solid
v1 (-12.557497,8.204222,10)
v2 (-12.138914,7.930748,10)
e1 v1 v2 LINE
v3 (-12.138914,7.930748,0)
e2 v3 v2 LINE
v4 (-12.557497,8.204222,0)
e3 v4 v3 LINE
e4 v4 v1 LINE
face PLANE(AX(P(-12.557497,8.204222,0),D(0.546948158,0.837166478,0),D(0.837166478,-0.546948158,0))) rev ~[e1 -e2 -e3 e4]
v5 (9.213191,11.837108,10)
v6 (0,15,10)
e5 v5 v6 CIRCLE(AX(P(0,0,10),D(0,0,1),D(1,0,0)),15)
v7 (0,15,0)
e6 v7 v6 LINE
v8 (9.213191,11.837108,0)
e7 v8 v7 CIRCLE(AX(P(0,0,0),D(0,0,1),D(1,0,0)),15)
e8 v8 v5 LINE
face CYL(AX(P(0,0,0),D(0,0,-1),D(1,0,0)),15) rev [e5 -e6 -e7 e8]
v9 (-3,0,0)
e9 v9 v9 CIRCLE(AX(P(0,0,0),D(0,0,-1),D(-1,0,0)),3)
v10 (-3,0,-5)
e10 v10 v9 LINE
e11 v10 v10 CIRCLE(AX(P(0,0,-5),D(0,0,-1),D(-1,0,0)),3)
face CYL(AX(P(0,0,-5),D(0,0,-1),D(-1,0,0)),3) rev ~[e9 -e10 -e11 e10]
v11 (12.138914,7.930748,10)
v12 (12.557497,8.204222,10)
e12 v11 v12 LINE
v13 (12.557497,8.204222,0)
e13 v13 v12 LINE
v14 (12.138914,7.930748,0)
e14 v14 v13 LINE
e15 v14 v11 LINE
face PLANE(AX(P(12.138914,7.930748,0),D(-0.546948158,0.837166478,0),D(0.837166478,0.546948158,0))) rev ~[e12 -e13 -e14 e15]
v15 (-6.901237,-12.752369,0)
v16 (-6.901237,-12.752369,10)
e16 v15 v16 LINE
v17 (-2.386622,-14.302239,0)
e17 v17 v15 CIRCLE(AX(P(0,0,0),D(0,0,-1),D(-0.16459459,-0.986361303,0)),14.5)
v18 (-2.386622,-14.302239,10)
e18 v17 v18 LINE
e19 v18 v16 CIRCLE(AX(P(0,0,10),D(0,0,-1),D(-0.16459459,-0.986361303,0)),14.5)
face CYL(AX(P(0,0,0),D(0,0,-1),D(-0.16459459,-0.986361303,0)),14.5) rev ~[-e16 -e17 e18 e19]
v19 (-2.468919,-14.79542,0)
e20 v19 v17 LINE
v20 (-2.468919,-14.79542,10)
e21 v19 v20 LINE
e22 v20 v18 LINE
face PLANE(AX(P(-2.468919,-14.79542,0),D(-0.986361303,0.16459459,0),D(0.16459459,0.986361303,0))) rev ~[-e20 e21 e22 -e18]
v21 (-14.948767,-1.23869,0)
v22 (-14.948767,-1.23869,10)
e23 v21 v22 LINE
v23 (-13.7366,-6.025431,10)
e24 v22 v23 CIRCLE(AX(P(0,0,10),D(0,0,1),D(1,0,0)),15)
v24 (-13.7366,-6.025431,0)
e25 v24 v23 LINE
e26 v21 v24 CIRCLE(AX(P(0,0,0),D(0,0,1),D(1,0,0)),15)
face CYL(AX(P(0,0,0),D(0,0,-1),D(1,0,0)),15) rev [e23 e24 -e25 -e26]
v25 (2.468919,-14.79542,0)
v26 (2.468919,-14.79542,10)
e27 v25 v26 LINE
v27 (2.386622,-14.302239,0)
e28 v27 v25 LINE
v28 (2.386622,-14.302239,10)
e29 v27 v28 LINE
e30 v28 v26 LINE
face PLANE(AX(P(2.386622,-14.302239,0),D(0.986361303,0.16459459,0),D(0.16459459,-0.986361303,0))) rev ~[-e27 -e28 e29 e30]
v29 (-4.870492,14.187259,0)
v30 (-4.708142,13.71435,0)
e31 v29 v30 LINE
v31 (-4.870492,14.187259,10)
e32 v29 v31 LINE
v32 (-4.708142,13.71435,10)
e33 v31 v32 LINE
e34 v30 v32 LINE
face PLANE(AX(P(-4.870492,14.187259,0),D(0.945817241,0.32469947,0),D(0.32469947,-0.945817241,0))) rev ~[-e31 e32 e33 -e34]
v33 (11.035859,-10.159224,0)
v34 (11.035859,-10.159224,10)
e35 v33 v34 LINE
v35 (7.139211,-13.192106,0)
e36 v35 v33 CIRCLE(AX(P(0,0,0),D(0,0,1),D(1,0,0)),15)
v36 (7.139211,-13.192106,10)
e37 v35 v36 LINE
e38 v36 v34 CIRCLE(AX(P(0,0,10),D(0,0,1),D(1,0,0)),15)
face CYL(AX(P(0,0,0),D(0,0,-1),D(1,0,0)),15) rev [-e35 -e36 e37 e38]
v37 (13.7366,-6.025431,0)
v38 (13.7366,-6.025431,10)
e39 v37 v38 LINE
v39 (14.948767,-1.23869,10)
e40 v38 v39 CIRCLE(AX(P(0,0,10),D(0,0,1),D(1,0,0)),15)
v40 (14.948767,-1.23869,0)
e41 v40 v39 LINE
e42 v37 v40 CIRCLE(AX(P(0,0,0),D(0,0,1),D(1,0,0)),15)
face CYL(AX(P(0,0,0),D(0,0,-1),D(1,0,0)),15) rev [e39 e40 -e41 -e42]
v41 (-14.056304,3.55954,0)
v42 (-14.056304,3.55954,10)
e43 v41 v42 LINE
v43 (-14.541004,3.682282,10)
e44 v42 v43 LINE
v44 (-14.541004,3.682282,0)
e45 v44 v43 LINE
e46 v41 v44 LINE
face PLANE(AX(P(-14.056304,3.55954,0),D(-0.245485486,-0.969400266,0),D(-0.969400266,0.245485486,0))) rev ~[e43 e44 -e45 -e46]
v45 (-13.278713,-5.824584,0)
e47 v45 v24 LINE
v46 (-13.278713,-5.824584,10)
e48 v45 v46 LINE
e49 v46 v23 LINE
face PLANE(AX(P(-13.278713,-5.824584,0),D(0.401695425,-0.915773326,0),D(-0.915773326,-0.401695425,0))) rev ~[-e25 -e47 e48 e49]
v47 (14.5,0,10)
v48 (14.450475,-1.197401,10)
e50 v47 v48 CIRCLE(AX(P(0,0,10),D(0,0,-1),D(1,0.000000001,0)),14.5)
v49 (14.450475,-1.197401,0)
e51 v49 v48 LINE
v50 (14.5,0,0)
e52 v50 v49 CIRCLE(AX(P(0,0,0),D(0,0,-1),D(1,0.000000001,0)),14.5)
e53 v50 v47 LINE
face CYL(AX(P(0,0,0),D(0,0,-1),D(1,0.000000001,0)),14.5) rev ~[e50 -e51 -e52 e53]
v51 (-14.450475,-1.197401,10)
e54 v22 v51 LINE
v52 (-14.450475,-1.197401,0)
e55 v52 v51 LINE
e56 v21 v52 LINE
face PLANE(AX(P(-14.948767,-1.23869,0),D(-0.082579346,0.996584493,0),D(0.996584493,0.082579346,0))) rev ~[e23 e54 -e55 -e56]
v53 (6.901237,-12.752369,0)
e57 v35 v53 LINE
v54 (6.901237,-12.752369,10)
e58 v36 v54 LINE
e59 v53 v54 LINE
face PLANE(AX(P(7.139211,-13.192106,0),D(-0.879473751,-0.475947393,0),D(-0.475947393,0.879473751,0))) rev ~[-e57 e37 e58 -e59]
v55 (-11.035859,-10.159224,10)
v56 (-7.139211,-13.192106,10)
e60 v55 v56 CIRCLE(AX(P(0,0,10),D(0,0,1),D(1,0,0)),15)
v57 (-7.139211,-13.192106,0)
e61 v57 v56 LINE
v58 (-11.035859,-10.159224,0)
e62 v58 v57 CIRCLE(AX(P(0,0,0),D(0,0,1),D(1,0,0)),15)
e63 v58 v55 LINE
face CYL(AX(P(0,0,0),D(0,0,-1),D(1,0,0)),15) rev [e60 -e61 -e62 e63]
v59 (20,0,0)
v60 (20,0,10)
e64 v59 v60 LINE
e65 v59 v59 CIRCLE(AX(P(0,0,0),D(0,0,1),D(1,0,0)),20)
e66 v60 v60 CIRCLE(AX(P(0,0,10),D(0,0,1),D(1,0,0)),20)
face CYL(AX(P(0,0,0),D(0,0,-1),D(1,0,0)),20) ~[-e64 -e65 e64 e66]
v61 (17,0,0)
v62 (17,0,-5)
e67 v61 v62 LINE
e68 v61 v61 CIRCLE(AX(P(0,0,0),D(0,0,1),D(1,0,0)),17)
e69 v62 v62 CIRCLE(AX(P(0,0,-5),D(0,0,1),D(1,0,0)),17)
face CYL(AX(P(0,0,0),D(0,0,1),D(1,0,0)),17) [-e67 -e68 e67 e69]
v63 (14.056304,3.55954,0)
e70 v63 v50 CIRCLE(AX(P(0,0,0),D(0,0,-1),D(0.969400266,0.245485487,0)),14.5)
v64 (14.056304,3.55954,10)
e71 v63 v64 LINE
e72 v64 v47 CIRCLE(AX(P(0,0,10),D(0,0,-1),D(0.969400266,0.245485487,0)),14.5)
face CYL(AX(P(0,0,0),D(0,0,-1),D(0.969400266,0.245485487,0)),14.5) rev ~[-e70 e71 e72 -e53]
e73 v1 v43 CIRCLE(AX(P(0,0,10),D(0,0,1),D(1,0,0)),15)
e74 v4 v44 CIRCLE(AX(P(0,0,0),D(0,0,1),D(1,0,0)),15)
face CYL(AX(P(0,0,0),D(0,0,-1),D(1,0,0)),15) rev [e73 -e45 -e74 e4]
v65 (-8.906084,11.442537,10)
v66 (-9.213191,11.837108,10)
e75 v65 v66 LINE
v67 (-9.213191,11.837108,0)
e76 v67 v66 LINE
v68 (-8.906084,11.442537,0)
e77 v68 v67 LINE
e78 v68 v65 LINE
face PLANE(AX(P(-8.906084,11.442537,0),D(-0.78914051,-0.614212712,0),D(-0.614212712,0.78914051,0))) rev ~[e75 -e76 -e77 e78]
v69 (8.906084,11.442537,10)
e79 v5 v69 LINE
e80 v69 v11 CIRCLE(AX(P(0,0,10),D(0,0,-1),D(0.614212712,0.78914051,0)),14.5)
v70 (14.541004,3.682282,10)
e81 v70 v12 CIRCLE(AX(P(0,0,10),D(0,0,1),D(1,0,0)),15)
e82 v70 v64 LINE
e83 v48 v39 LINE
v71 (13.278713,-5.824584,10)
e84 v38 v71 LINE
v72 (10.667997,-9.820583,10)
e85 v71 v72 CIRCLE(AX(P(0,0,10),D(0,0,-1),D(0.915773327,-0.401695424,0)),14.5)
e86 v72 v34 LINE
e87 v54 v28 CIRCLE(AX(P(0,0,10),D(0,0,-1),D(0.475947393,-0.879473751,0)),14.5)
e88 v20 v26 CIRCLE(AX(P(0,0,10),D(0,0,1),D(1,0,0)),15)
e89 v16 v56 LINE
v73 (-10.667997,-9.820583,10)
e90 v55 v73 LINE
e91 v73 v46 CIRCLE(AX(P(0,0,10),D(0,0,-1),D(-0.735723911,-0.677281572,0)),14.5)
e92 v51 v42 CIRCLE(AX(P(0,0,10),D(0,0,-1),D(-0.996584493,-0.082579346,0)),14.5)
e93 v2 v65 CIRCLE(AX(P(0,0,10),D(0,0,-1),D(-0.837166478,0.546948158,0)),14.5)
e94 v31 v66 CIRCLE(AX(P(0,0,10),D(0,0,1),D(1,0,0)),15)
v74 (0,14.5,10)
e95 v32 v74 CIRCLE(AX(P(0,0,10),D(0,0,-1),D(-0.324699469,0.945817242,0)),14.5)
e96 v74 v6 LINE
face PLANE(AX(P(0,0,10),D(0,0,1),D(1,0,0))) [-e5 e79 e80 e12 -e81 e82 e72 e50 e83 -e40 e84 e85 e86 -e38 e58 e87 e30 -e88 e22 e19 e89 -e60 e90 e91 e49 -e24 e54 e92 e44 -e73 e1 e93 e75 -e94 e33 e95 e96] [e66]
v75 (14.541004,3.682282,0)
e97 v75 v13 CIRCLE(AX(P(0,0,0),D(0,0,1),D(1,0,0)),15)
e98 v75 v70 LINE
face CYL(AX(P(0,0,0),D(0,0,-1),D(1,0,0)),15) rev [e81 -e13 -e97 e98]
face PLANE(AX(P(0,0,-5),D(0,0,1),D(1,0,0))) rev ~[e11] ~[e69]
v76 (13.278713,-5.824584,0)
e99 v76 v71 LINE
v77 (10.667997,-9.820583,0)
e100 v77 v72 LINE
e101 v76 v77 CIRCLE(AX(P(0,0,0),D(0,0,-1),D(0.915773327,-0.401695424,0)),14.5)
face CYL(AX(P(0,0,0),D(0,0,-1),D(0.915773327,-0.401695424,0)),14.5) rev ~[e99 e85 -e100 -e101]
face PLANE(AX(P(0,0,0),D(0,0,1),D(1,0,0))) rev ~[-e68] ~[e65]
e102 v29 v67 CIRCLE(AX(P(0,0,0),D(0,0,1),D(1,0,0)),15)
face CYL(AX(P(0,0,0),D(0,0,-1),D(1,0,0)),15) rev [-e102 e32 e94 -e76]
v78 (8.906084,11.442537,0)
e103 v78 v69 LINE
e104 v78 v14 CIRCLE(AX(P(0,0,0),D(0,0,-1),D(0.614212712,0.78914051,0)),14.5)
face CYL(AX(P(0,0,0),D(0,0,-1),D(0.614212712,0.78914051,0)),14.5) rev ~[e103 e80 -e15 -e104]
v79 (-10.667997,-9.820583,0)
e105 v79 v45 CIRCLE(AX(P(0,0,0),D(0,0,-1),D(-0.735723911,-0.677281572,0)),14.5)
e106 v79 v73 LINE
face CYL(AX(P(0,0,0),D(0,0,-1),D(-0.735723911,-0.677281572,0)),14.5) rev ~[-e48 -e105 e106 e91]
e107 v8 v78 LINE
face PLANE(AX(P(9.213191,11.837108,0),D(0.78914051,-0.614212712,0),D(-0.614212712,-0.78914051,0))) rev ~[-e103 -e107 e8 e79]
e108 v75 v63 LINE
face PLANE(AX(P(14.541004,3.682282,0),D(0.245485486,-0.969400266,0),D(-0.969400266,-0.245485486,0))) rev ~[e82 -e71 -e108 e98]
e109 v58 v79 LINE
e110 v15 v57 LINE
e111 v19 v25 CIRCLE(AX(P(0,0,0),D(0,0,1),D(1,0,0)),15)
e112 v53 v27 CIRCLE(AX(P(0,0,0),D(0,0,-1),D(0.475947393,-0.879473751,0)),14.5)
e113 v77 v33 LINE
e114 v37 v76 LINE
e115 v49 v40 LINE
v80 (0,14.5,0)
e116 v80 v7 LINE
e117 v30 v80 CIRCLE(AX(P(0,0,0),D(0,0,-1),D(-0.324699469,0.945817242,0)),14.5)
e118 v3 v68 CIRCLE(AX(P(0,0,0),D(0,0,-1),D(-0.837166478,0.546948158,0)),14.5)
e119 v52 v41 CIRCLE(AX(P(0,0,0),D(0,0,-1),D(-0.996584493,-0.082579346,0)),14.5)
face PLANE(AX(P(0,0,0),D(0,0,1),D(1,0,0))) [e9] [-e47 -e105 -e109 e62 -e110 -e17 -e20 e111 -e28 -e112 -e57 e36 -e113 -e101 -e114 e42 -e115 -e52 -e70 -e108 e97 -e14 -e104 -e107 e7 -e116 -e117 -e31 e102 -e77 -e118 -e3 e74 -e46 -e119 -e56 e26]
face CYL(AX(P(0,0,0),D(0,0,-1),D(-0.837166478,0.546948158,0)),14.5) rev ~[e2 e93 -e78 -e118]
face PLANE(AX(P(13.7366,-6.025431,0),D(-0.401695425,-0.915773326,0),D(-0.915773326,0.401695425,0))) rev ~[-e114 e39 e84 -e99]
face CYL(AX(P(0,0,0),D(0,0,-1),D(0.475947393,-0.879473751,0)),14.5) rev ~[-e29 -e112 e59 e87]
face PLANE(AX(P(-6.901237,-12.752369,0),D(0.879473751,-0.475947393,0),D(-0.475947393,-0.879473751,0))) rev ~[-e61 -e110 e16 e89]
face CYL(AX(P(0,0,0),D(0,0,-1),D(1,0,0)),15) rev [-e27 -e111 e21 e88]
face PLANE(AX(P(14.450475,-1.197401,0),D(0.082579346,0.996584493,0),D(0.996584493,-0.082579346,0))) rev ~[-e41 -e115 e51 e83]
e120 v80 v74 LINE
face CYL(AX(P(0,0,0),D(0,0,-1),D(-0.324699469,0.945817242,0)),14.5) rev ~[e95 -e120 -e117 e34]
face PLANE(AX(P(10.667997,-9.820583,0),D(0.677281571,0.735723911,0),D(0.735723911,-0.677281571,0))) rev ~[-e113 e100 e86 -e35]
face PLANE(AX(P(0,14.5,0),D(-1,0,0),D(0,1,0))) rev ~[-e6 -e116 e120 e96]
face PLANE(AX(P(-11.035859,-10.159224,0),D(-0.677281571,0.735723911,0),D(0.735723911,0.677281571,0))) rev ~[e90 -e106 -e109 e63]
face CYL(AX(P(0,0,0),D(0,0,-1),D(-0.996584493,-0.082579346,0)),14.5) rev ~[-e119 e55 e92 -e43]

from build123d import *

# Parameters (mm, degrees)
SKETCH1_R           = 20
SKETCH1_R_2         = 15
BOSS_EXTRUDE2_DEPTH = 10
SKETCH2_R           = 17
BOSS_EXTRUDE4_DEPTH = 5
SKETCH5_R           = 3
CUT_EXTRUDE2_DEPTH  = 33.015621187


with BuildPart() as part:
    # Sketch1 → Boss-Extrude2 (new body)
    # profile 1 of 10: a face of its own
    with BuildSketch(Plane.XY):
        Circle(SKETCH1_R)
        Circle(SKETCH1_R_2, mode=Mode.SUBTRACT)
    # profile 2 of 10: a face of its own
    with BuildSketch(Plane.XY):
        with BuildLine():
            ThreePointArc((-4.708142303, 13.714350005), (-2.386621559, 14.302238899), (0, 14.5))
            Line((0, 14.5), (0, 15))
            ThreePointArc((0, 15), (-2.468918854, 14.795419551), (-4.870492038, 14.187258626))
            Line((-4.870492038, 14.187258626), (-4.708142303, 13.714350005))
        make_face()
    # profile 3 of 10: a face of its own
    with BuildSketch(Plane.XY):
        with BuildLine():
            Line((9.21319069, 11.837107641), (8.906084334, 11.442537386))
            ThreePointArc((8.906084334, 11.442537386), (10.667996705, 9.820582789), (12.138913935, 7.930748293))
            Line((12.138913935, 7.930748293), (12.557497174, 8.204222372))
            ThreePointArc((12.557497174, 8.204222372), (11.03585866, 10.159223574), (9.21319069, 11.837107641))
        make_face()
    # profile 4 of 10: a face of its own
    with BuildSketch(Plane.XY):
        with BuildLine():
            Line((14.541003989, 3.682282307), (14.056303856, 3.559539564))
            ThreePointArc((14.056303856, 3.559539564), (14.388648406, 1.793543153), (14.5, 0))
            ThreePointArc((14.5, 0), (14.487613497, -0.599212127), (14.450475149, -1.197400509))
            Line((14.450475149, -1.197400509), (14.948767395, -1.238690182))
            ThreePointArc((14.948767395, -1.238690182), (14.987186376, -0.619874614), (15, 0))
            ThreePointArc((15, 0), (14.884808696, 1.855389469), (14.541003989, 3.682282307))
        make_face()
    # profile 5 of 10: a face of its own
    with BuildSketch(Plane.XY):
        with BuildLine():
            Line((13.7365999, -6.02543137), (13.278713236, -5.824583657))
            ThreePointArc((13.278713236, -5.824583657), (12.138913935, -7.930748293), (10.667996705, -9.820582789))
            Line((10.667996705, -9.820582789), (11.03585866, -10.159223574))
            ThreePointArc((11.03585866, -10.159223574), (12.557497174, -8.204222372), (13.7365999, -6.02543137))
        make_face()
    # profile 6 of 10: a face of its own
    with BuildSketch(Plane.XY):
        with BuildLine():
            Line((7.139210896, -13.192106268), (6.901237199, -12.752369392))
            ThreePointArc((6.901237199, -12.752369392), (4.708142303, -13.714350005), (2.386621559, -14.302238899))
            Line((2.386621559, -14.302238899), (2.468918854, -14.795419551))
            ThreePointArc((2.468918854, -14.795419551), (4.870492038, -14.187258626), (7.139210896, -13.192106268))
        make_face()
    # profile 7 of 10: a face of its own
    with BuildSketch(Plane.XY):
        with BuildLine():
            Line((-2.468918854, -14.795419551), (-2.386621559, -14.302238899))
            ThreePointArc((-2.386621559, -14.302238899), (-4.708142303, -13.714350005), (-6.901237199, -12.752369392))
            Line((-6.901237199, -12.752369392), (-7.139210896, -13.192106268))
            ThreePointArc((-7.139210896, -13.192106268), (-4.870492038, -14.187258626), (-2.468918854, -14.795419551))
        make_face()
    # profile 8 of 10: a face of its own
    with BuildSketch(Plane.XY):
        with BuildLine():
            Line((-11.03585866, -10.159223574), (-10.667996705, -9.820582789))
            ThreePointArc((-10.667996705, -9.820582789), (-12.138913935, -7.930748293), (-13.278713236, -5.824583657))
            Line((-13.278713236, -5.824583657), (-13.7365999, -6.02543137))
            ThreePointArc((-13.7365999, -6.02543137), (-12.557497174, -8.204222372), (-11.03585866, -10.159223574))
        make_face()
    # profile 9 of 10: a face of its own
    with BuildSketch(Plane.XY):
        with BuildLine():
            Line((-14.948767395, -1.238690182), (-14.450475149, -1.197400509))
            ThreePointArc((-14.450475149, -1.197400509), (-14.450475149, 1.197400509), (-14.056303856, 3.559539564))
            Line((-14.056303856, 3.559539564), (-14.541003989, 3.682282307))
            ThreePointArc((-14.541003989, 3.682282307), (-14.948767395, 1.238690182), (-14.948767395, -1.238690182))
        make_face()
    # profile 10 of 10: a face of its own
    with BuildSketch(Plane.XY):
        with BuildLine():
            Line((-12.557497174, 8.204222372), (-12.138913935, 7.930748293))
            ThreePointArc((-12.138913935, 7.930748293), (-10.667996705, 9.820582789), (-8.906084334, 11.442537386))
            Line((-8.906084334, 11.442537386), (-9.21319069, 11.837107641))
            ThreePointArc((-9.21319069, 11.837107641), (-11.03585866, 10.159223574), (-12.557497174, 8.204222372))
        make_face()
    extrude(amount=BOSS_EXTRUDE2_DEPTH)

    # Sketch2 → Boss-Extrude4 (add)
    with BuildSketch(Plane.XY):
        Circle(SKETCH2_R)
    extrude(amount=-BOSS_EXTRUDE4_DEPTH)

    # Sketch5 → Cut-Extrude2 (cut, through all)
    with BuildSketch(Plane(origin=(0, 0, -5), x_dir=(-1, 0, 0), z_dir=(0, 0, -1))):
        Circle(SKETCH5_R)
    extrude(amount=-CUT_EXTRUDE2_DEPTH, mode=Mode.SUBTRACT)


solid = part.part
